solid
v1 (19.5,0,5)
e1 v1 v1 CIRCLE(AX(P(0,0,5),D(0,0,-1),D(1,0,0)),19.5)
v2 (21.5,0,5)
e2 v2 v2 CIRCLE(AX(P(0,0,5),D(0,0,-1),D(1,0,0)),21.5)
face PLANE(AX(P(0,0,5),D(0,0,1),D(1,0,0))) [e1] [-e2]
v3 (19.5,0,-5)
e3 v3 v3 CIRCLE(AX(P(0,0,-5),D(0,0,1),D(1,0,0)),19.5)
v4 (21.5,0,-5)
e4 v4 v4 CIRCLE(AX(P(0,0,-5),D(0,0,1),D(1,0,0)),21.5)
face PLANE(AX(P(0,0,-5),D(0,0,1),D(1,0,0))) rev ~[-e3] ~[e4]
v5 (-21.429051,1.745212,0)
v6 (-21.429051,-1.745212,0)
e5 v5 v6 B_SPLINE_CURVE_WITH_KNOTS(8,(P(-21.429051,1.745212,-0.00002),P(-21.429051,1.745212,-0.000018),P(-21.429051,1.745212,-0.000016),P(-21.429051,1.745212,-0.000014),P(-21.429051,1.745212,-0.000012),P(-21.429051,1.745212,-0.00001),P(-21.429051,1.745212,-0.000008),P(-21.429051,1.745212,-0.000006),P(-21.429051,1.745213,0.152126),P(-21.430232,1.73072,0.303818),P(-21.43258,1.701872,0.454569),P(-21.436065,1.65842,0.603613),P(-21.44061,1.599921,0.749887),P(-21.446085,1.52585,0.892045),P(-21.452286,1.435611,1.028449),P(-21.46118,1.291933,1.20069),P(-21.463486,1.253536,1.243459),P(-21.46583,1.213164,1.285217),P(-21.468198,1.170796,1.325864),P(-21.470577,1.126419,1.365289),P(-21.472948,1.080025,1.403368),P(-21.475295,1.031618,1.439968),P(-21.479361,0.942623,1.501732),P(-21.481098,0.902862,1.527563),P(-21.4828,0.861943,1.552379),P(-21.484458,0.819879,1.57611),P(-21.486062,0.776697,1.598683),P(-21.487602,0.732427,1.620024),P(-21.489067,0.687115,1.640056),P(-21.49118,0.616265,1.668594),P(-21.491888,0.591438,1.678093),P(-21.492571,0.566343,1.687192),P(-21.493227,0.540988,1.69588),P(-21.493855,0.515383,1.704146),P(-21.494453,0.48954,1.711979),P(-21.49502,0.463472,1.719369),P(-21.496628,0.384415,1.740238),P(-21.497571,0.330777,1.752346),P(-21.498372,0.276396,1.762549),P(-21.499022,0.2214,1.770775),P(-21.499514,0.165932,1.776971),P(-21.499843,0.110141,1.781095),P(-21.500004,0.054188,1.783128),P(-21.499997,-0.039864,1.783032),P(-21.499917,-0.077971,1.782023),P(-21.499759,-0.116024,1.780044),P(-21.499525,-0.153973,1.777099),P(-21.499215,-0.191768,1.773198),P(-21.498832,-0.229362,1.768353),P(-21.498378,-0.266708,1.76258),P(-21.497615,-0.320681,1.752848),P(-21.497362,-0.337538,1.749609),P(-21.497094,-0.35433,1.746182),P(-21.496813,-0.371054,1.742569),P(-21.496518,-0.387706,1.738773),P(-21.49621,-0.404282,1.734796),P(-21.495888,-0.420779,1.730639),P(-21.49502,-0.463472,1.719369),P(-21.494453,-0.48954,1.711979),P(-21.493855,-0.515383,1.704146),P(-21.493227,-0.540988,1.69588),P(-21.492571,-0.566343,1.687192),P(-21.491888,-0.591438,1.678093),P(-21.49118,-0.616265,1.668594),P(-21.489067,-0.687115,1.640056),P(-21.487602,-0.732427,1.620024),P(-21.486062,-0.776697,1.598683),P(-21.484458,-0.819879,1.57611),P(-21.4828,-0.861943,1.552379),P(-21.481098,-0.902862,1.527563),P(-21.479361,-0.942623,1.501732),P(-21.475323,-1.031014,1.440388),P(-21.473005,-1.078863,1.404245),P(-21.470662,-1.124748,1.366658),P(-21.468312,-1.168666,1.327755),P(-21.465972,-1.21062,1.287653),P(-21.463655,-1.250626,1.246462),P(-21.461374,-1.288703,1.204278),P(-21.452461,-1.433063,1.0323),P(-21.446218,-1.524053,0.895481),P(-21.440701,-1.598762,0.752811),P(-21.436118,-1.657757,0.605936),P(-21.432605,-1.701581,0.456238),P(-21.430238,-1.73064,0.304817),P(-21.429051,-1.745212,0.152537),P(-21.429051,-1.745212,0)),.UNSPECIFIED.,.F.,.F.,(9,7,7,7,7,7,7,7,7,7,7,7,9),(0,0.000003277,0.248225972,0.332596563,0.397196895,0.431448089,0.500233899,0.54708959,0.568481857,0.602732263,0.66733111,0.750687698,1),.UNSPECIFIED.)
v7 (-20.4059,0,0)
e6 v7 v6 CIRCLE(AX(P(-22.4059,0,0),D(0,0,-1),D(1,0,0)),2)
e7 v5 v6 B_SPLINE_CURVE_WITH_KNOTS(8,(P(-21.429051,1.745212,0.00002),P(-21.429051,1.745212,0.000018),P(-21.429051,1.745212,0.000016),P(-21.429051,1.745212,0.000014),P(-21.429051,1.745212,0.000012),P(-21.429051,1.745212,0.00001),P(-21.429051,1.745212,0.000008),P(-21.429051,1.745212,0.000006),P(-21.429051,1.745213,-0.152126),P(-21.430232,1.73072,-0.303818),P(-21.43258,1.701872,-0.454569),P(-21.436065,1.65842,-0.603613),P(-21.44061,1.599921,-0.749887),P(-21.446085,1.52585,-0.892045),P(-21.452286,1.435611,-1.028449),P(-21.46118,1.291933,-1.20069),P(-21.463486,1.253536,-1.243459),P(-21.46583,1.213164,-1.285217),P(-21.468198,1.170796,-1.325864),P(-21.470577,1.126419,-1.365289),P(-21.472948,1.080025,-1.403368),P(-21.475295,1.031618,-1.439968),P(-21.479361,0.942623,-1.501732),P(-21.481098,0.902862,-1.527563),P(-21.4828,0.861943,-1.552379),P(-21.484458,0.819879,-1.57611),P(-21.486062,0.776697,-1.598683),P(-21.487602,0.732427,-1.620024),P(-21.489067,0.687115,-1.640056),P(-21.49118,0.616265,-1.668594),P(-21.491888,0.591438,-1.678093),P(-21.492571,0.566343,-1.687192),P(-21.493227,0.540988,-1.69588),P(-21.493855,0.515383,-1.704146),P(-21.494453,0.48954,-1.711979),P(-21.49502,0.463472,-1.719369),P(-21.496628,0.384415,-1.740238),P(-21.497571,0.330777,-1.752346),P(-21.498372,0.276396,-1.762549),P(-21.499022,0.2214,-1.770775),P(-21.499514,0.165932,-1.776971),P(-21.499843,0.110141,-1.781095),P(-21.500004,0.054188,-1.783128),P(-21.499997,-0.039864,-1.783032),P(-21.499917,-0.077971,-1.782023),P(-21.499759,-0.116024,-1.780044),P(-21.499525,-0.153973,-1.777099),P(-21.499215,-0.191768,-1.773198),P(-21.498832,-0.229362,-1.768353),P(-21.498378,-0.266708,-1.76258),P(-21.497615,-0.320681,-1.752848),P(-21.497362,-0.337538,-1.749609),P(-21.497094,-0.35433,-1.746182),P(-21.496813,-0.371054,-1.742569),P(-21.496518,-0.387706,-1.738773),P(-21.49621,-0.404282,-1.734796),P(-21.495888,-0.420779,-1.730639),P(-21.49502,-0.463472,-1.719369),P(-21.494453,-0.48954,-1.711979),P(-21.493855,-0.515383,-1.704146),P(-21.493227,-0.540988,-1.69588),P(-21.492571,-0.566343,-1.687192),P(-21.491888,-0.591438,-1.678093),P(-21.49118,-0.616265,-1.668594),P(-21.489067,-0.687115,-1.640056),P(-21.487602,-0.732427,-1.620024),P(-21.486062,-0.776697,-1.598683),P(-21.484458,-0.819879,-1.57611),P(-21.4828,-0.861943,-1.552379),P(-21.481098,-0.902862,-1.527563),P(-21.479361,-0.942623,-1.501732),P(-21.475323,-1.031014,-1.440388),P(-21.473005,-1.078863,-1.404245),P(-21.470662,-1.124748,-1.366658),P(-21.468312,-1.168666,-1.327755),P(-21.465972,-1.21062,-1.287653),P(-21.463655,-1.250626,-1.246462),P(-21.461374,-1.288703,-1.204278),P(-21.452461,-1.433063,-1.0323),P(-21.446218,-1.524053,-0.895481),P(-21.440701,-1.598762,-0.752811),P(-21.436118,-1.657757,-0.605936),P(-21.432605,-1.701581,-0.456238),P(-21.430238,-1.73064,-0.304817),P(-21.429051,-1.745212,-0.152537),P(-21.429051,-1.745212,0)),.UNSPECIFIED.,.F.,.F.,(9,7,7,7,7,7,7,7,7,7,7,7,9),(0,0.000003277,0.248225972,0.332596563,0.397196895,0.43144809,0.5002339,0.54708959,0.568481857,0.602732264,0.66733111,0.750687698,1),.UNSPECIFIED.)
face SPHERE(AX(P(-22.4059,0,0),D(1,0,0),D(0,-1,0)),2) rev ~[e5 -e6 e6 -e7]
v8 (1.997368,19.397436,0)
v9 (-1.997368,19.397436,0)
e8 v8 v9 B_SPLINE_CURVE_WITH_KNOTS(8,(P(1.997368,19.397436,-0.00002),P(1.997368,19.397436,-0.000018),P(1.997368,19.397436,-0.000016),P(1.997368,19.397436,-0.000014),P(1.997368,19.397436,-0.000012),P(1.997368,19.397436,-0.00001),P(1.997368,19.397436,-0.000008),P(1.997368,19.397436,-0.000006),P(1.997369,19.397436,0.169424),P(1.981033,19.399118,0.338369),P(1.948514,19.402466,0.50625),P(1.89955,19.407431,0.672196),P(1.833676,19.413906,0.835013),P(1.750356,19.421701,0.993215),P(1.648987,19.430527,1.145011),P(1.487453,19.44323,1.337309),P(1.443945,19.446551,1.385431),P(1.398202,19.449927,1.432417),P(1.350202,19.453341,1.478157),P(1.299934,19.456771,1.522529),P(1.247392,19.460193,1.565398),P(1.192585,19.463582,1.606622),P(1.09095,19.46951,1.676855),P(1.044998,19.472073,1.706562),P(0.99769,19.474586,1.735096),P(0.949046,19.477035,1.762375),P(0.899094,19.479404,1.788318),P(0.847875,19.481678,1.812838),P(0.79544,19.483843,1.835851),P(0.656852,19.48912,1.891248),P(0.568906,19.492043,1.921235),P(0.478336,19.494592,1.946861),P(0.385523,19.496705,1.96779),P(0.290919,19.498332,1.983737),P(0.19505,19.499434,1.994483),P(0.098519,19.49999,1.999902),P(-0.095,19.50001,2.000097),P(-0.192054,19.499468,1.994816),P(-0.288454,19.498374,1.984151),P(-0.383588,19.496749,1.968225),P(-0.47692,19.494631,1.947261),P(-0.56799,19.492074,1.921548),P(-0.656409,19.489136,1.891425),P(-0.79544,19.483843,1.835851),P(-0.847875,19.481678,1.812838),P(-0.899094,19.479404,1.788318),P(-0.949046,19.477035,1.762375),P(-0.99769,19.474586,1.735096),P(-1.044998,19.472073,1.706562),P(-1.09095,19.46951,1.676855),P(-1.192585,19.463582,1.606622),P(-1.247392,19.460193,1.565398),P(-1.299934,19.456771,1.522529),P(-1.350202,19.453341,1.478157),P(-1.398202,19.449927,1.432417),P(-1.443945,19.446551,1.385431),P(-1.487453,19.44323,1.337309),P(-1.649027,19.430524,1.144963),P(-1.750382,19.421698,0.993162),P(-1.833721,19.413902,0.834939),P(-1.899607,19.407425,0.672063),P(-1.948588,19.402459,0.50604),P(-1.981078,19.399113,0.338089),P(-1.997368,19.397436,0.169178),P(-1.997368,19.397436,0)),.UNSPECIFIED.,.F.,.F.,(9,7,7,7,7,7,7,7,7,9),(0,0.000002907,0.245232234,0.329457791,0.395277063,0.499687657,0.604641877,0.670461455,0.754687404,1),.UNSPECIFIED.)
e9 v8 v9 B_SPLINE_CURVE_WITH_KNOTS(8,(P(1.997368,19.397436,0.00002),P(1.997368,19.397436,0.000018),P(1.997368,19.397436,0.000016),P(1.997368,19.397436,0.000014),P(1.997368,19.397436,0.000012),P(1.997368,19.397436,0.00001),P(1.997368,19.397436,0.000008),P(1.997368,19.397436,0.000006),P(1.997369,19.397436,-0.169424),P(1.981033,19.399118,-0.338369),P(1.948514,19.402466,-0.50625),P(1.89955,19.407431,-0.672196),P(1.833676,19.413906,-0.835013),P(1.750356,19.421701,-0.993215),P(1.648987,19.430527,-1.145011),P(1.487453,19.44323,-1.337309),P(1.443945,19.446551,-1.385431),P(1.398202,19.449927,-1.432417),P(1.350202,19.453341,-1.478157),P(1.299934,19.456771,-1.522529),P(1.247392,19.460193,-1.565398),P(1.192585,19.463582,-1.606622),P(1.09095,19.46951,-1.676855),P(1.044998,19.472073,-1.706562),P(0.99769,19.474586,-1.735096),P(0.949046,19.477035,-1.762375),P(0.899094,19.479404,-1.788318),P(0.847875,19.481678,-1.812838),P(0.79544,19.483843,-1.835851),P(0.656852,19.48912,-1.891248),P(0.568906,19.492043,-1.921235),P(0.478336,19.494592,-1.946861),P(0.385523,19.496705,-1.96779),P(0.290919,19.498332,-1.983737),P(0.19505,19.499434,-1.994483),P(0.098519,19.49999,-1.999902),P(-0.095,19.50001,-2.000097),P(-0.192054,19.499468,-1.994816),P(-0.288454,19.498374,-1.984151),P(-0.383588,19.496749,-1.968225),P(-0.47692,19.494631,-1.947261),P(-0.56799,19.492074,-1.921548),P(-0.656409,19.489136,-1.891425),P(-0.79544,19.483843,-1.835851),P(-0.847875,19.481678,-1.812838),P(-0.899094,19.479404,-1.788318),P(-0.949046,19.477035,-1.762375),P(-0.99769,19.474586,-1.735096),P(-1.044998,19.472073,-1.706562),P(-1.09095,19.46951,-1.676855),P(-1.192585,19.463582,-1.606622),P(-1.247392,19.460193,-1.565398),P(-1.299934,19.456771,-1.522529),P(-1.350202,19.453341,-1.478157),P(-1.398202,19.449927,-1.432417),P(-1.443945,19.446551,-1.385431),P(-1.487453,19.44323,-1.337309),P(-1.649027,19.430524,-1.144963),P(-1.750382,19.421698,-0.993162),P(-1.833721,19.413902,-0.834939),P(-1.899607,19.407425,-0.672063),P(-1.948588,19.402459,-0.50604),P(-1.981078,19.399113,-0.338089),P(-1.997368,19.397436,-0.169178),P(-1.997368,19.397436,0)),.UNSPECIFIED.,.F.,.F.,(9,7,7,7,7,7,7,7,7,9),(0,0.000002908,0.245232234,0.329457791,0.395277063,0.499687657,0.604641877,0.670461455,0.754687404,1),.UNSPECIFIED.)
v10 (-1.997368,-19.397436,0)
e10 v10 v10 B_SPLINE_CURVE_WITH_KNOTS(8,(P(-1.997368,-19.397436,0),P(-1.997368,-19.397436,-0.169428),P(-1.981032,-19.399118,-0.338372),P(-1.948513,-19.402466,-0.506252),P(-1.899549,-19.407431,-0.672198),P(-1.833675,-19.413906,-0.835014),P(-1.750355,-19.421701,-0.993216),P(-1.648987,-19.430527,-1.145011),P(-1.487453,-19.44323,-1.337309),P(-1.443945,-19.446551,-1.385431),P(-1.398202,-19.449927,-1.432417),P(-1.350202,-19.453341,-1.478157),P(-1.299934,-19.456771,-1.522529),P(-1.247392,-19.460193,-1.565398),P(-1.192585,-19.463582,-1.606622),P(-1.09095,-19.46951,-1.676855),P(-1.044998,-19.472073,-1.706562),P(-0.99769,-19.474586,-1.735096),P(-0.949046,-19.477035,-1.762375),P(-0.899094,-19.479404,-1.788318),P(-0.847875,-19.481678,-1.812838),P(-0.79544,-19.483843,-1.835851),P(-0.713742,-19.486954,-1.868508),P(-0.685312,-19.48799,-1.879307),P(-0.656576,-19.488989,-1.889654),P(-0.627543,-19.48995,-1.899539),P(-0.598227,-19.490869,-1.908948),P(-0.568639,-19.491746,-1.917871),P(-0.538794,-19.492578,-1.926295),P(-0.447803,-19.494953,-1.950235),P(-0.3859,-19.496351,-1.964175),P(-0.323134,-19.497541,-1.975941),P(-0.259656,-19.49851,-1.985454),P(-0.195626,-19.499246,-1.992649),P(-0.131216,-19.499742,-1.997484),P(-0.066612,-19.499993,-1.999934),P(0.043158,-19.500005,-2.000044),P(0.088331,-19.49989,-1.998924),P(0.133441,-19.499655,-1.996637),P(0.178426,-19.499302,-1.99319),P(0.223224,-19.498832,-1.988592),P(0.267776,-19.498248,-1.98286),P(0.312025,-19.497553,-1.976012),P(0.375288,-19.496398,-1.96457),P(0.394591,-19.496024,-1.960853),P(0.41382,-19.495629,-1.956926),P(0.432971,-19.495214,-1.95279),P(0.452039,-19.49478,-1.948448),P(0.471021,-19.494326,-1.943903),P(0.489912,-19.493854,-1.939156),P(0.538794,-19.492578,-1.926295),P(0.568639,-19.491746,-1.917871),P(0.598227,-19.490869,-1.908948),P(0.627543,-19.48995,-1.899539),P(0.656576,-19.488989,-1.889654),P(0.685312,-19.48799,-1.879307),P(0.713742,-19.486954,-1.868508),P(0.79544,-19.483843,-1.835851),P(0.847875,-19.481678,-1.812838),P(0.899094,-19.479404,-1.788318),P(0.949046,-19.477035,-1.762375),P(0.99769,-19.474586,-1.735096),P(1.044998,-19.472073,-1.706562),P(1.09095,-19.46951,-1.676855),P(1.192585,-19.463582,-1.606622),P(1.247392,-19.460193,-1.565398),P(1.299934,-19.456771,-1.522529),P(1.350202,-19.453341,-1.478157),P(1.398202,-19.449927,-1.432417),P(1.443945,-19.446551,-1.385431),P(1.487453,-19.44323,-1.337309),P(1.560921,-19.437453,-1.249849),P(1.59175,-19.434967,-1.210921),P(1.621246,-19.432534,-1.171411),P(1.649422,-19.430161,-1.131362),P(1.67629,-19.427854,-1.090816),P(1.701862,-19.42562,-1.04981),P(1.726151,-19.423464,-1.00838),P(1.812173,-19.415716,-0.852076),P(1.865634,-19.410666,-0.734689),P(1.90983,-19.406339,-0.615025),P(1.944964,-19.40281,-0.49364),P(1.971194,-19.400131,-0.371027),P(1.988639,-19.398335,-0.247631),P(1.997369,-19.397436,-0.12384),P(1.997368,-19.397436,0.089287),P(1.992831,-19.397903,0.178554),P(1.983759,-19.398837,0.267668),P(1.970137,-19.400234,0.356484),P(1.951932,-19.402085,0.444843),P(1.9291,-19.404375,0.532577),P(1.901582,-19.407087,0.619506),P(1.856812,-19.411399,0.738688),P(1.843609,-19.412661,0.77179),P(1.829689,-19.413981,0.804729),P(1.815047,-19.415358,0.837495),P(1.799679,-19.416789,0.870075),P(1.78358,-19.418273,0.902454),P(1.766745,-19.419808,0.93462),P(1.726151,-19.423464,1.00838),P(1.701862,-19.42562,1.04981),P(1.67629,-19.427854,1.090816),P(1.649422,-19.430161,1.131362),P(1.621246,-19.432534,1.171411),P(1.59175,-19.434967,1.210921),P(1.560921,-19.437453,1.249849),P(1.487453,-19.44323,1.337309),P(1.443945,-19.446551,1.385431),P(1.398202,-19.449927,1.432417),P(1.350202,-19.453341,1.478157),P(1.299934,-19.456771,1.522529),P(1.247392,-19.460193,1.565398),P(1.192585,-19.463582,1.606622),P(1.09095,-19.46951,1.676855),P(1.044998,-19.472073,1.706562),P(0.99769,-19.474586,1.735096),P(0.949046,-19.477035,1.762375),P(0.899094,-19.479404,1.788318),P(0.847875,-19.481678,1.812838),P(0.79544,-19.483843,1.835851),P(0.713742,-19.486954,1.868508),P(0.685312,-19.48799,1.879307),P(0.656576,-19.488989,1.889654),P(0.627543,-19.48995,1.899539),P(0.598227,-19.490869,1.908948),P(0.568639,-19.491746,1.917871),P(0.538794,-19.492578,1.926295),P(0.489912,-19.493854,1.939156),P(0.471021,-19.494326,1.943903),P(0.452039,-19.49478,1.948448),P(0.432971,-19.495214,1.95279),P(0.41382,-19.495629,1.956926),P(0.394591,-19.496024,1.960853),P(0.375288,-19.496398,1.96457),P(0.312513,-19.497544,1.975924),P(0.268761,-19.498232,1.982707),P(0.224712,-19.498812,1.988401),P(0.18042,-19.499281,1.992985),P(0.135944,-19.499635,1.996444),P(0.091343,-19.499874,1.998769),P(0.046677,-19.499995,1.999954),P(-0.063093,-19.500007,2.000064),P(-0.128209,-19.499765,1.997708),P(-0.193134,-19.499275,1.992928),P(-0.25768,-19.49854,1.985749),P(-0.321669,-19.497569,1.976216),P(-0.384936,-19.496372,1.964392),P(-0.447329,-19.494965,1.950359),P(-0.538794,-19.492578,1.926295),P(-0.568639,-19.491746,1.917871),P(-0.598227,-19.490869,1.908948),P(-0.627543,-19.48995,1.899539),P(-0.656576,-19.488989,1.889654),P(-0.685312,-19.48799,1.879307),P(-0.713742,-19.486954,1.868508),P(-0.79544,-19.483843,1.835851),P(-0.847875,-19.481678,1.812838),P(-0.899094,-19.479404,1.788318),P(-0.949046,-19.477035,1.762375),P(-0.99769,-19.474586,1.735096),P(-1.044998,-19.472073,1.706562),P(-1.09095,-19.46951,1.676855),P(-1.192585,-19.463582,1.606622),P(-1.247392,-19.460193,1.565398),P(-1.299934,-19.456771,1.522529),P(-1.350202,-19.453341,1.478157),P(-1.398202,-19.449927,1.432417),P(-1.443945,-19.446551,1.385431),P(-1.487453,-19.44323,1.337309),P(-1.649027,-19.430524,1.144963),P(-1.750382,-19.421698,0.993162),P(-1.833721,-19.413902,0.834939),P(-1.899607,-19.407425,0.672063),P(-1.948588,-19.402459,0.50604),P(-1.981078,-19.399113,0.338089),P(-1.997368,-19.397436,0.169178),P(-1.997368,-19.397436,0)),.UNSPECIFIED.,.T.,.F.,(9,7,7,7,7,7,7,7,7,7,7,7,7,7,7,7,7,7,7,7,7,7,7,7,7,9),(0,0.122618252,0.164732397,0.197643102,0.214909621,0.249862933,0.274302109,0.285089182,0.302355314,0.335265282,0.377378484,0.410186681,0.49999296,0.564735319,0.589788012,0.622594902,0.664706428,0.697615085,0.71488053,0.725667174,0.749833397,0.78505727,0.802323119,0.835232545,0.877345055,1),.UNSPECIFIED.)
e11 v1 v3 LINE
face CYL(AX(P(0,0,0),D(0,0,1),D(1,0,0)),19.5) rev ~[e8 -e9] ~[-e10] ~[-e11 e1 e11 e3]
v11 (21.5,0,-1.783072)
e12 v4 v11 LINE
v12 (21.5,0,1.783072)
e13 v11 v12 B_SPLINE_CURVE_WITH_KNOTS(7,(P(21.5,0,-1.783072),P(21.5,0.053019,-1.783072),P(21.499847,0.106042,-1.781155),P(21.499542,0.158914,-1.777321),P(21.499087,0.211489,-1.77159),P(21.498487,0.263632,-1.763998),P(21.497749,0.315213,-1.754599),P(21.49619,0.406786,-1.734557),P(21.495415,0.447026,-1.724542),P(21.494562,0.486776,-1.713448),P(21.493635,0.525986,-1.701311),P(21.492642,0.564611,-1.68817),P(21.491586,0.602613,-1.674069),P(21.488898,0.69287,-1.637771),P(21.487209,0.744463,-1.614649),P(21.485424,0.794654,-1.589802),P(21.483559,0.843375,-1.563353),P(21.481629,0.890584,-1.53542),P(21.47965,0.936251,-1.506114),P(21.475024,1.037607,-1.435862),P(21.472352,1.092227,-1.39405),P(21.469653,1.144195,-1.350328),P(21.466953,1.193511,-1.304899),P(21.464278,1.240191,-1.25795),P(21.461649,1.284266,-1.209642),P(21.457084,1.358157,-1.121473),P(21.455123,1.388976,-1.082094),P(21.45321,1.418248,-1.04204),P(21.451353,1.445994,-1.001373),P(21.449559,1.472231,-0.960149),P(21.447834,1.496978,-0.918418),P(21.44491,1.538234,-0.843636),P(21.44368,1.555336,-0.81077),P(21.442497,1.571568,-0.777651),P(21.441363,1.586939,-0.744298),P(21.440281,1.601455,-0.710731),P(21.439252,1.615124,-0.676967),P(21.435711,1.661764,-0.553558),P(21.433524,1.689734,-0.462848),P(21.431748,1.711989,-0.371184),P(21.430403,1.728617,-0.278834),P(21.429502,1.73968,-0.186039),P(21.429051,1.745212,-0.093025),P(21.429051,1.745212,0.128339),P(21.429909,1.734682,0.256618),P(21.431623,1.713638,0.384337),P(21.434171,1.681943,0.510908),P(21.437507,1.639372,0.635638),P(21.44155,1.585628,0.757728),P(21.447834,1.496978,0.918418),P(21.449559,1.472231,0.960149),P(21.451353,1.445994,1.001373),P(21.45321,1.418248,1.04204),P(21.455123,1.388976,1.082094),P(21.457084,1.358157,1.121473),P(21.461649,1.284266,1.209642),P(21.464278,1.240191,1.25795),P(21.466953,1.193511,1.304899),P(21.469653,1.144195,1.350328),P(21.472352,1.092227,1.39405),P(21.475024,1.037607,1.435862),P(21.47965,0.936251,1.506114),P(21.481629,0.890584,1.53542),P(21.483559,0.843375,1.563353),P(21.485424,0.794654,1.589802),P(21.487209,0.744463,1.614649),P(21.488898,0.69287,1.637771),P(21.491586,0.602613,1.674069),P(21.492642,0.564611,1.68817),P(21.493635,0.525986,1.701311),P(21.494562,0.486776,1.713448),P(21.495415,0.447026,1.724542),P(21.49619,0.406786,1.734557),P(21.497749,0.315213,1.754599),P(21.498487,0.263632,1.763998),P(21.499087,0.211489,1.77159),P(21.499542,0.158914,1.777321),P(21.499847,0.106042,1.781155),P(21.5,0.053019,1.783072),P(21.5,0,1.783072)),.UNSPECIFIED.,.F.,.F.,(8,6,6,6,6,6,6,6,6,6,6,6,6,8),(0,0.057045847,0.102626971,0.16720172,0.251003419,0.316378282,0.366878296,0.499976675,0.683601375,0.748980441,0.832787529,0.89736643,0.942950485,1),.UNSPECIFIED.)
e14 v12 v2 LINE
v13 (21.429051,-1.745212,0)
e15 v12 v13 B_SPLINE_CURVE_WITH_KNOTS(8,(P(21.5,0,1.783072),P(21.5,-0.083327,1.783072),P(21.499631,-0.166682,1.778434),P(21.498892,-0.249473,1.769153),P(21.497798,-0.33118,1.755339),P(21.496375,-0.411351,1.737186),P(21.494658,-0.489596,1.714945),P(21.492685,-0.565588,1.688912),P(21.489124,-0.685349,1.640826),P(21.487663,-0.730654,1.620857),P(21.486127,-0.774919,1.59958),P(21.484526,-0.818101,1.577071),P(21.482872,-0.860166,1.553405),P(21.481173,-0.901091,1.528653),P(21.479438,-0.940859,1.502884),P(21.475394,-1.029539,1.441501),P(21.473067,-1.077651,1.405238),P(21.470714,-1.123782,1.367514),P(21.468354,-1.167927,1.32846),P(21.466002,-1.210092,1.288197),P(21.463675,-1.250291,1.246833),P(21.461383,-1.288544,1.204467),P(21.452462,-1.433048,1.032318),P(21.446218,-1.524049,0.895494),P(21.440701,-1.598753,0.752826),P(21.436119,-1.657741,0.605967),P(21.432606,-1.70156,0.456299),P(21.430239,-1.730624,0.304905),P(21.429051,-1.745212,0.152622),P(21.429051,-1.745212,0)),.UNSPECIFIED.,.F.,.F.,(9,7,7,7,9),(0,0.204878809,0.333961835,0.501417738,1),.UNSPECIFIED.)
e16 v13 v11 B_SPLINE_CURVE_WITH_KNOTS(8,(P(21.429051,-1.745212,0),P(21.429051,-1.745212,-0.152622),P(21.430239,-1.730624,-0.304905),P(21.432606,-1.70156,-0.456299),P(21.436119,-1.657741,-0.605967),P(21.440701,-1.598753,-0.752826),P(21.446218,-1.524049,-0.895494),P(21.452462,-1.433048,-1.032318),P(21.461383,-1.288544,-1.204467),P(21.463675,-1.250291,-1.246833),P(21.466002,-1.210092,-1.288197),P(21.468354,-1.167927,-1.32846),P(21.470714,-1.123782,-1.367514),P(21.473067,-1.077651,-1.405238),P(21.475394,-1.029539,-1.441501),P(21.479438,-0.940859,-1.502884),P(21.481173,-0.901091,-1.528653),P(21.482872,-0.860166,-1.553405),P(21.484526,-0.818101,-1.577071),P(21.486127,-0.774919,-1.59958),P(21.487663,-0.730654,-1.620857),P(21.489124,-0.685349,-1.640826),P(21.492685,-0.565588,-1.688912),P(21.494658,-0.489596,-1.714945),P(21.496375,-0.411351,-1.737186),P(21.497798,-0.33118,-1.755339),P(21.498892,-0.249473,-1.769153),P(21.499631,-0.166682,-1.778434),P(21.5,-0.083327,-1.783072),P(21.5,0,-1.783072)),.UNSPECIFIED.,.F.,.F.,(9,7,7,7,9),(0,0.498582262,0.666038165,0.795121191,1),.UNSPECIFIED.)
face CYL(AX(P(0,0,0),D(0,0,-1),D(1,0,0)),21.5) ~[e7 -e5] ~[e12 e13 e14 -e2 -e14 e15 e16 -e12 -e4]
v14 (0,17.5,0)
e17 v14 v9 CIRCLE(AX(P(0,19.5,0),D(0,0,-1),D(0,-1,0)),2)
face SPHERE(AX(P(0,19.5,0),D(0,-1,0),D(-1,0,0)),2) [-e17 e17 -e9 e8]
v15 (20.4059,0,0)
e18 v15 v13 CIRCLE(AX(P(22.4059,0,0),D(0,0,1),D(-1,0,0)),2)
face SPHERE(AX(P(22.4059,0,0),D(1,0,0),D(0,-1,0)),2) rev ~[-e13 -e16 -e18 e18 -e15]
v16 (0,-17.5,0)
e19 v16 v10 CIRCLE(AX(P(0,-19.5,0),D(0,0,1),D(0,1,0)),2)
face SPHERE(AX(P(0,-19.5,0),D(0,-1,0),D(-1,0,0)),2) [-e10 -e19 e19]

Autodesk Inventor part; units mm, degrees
ref_plane "YZ Plane" through (0, 0, 0) normal (1, 0, 0) x (0, 1, 0)
ref_plane "XZ Plane" through (0, 0, 0) normal (0, 1, 0) x (-1, 0, 0)
ref_plane "XY Plane" through (0, 0, 0) normal (0, 0, 1) x (1, 0, 0)
sketch "Sketch1" plane through (0, 0, 0) normal (0, 0, 1) x (1, 0, 0)
  circle A0 centre (0, 0) radius 25 construction
  circle A1 centre (0, 0) radius 21.5
  circle A2 centre (0, 0) radius 19.5
  circle A3 centre (0, 0) radius 19 construction
  circle A4 centre (0, 0) radius 17 construction
  line L0 (25, 0) -> (-25, 0) construction
  line L1 (0, 25) -> (0, -25) construction
  circle A5 centre (-23, 0) radius 2 construction
  circle A6 centre (23, 0) radius 2 construction
  circle A7 centre (0, 19.5) radius 2
  circle A8 centre (0, -19.5) radius 2
  line L2 (-25, 0) -> (-21, 0)
  line L3 (21, 0) -> (25, 0)
  line L4 (0, 21.5) -> (0, 17.5)
  line L5 (0, -17.5) -> (0, -21.5)
  circle A9 centre (22.4059, 0) radius 2
  circle A10 centre (-22.4059, 0) radius 2
  line L6 (-24.4059, 0) -> (-20.4059, 0)
  line L7 (24.4059, 0) -> (20.4059, 0)
  dimension "d6" = 4
  dimension "d0" = 50
  dimension "d2" = 43
  dimension "d3" = 2
  dimension "d4" = 38
  dimension "d5" = 2
  dimension "d7" = 4
  dimension "d8" = 4
  dimension "d9" = 4
  dimension "d22" = 4
extrude "Extrusion1" add sketch "Sketch1" along normal mid plane 10 contours L3 L7 A9 A1 | A1 A9 L7 L3 | A9 A1 A8 A2 A7 | A7 A2 A8 A1 A10 | L4 A2 A7 | A7 A2 L4 | L5 A2 A8 | A8 A2 L5 | A10 L6 L2 A1 | A1 L2 L6 A10 picked at (-0.5203, 20.0925) picked at (0.5115, 20.0968) picked at (0.5115, -20.0968) picked at (-0.5203, -20.0925)
revolve "Revolution1" cut sketch "Sketch1" angle 360 about axis through (-25, 0, 0) along (1, 0, 0) picked at (-22.396, -0.4915) picked at (-21.0251, -0.4685) contours A10 L2 A1 | A1 L2 L6 A10
revolve "Revolution2" cut sketch "Sketch1" angle 360 about axis through (21, 0, 0) along (1, 0, 0) picked at (22.396, -0.4915) picked at (21.0251, -0.4685) contours L3 A9 A1 | A1 A9 L7 L3
revolve "Revolution3" add sketch "Sketch1" angle 360 about axis through (0, 25, 0) along (0, -1, 0) picked at (-0.5203, 20.0925) picked at (-0.3659, 18.8452) contours L4 A2 A7 | A2 L4 A7
revolve "Revolution4" add sketch "Sketch1" angle 360 about axis through (0, 25, 0) along (0, -1, 0) picked at (-0.5203, -20.0925) picked at (-0.3659, -18.8452) contours A8 A2 L5 | A8 L5 A2
properties part number "gimbal_medium_ring"
